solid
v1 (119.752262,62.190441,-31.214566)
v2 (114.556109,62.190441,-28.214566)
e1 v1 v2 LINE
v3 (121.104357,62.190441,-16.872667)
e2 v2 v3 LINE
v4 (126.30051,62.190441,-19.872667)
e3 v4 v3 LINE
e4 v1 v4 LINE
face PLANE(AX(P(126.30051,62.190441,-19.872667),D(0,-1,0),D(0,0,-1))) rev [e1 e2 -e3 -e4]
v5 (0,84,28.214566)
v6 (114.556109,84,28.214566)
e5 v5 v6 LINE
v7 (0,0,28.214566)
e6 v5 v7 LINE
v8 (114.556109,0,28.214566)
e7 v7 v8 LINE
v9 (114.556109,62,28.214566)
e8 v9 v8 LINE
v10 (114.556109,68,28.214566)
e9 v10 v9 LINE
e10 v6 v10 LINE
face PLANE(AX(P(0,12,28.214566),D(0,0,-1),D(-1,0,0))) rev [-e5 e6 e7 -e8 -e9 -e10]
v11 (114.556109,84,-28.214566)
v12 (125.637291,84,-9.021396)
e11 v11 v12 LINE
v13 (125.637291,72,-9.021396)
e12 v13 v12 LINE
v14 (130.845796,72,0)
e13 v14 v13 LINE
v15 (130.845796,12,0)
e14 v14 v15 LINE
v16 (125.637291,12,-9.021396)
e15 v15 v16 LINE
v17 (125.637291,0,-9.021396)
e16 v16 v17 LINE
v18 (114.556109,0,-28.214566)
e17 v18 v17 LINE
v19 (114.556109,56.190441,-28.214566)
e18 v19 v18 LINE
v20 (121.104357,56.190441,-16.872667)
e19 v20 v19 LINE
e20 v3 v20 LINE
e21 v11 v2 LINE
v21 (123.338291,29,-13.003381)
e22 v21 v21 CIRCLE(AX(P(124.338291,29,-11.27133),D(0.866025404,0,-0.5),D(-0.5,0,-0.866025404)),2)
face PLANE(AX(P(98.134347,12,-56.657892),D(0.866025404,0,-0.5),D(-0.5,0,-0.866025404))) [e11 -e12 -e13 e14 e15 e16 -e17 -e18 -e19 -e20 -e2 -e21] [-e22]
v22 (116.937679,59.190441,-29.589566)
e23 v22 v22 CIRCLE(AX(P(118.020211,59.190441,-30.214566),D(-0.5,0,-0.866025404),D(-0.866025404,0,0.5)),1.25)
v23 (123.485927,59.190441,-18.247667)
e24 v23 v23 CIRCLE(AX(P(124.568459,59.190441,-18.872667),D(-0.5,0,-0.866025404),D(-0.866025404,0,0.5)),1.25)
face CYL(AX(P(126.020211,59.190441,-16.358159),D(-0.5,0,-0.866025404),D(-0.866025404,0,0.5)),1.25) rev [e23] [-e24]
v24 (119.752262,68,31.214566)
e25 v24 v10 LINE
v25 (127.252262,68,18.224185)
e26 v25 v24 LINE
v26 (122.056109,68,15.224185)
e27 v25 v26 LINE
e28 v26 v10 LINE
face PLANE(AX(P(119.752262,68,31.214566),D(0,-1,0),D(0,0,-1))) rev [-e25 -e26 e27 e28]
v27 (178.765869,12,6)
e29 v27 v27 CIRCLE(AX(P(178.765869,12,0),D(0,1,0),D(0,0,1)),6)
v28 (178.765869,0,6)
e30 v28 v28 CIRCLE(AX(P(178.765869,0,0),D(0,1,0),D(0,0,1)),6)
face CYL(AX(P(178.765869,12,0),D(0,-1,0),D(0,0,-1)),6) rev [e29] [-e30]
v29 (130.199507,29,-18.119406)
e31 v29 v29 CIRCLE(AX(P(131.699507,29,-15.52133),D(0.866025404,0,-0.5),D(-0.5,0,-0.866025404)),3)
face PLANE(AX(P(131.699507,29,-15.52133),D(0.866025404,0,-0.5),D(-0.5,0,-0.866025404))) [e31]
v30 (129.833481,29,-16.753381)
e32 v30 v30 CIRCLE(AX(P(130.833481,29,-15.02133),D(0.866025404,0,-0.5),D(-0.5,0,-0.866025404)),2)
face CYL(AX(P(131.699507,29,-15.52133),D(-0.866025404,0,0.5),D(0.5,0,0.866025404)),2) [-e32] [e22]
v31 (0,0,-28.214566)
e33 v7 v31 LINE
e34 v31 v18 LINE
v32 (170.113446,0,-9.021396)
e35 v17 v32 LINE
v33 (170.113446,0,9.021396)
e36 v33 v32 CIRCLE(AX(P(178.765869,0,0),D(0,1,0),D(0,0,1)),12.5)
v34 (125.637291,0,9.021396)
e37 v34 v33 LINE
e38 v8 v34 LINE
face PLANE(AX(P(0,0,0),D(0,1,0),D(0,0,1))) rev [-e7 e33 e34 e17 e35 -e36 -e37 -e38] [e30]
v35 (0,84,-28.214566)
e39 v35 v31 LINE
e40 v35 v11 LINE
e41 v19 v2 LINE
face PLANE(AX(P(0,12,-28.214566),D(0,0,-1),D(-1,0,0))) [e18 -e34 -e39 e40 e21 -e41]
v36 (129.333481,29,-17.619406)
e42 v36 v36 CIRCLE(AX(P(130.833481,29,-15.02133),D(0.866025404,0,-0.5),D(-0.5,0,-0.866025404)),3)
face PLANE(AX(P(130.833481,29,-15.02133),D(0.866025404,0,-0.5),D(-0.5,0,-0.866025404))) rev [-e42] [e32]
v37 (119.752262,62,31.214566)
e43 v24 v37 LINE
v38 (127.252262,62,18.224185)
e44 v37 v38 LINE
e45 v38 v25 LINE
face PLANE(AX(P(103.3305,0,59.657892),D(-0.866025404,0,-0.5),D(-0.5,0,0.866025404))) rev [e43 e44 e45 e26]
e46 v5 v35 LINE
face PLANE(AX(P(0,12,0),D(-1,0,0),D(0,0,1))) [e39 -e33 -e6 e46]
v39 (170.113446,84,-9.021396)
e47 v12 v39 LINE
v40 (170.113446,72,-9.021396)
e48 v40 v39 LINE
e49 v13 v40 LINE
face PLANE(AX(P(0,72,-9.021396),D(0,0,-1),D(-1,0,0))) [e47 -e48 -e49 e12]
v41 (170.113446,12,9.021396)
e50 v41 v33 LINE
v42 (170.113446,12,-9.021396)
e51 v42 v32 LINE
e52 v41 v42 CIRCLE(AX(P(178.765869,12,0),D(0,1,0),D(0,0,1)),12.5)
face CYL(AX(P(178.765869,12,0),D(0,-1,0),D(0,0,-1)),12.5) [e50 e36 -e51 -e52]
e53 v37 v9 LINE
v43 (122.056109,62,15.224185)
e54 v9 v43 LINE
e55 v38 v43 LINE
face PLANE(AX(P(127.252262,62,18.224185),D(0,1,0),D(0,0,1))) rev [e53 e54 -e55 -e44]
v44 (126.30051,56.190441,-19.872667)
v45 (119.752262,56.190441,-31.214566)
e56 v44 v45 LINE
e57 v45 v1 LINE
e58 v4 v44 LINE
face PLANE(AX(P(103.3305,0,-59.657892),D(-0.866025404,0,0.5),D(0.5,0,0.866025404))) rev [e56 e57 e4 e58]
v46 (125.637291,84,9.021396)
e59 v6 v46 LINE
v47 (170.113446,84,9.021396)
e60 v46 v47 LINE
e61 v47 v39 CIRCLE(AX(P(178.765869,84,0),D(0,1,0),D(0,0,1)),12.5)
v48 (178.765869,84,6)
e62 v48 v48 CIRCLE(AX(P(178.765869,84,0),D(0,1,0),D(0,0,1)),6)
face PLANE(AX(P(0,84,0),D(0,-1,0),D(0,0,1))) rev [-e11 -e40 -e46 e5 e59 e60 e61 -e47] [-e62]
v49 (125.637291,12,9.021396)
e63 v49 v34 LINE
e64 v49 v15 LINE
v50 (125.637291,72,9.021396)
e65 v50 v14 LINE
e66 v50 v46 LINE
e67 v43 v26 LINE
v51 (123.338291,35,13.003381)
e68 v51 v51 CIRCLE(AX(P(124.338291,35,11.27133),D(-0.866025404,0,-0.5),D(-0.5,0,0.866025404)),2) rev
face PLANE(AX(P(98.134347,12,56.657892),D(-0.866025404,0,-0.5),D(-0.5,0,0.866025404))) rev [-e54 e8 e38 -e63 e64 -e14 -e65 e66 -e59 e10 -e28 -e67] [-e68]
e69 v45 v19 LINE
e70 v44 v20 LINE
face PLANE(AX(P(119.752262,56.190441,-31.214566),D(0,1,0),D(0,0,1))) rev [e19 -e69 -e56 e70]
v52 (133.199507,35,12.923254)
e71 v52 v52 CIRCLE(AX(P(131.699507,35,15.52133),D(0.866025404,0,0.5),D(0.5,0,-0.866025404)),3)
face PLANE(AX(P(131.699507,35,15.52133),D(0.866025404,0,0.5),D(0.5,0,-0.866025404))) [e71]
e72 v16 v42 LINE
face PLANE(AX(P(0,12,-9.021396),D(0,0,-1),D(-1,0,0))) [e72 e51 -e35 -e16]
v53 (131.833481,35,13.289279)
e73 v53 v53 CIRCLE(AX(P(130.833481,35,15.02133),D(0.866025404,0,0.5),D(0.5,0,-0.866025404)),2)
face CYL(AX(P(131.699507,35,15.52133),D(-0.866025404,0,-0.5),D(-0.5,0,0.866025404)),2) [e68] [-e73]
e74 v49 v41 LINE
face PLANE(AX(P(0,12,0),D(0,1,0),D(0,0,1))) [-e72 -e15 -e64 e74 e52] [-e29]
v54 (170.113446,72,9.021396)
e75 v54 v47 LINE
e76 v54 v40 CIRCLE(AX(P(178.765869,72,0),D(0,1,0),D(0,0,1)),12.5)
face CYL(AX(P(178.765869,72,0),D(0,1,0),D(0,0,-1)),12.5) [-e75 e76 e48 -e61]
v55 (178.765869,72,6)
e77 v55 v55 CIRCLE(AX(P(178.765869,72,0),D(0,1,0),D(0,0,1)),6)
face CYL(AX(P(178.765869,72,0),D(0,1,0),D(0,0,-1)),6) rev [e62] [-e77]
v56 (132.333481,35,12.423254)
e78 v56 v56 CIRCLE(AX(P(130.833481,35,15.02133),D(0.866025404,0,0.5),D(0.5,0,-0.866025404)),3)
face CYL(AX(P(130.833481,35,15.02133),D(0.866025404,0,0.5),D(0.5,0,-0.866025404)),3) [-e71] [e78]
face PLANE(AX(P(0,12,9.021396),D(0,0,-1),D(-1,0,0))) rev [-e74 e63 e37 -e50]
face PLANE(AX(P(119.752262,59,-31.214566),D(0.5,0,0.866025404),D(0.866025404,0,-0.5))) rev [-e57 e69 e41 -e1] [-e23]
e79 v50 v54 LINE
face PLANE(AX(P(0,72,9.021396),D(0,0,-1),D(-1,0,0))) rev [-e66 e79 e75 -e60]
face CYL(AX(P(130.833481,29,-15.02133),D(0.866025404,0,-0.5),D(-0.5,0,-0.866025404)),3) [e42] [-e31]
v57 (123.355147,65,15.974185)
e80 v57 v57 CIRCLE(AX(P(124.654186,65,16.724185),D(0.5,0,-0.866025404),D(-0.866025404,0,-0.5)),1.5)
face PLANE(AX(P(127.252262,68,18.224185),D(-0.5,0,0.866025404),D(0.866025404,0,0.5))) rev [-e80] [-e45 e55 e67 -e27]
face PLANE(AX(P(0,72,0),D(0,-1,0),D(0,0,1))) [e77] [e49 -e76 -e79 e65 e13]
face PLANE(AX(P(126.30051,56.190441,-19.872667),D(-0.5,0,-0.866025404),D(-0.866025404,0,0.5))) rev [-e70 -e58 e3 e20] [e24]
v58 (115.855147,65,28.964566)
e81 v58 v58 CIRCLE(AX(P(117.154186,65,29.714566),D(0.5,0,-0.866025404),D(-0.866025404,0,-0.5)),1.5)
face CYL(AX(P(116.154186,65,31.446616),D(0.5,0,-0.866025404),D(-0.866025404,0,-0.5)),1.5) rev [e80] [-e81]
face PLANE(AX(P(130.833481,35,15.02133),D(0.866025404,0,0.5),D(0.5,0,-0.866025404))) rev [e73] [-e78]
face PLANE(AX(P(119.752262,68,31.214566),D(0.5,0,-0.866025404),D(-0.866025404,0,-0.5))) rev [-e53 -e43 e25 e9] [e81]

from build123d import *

# Parameters (mm, degrees)
SKETCH4_R            = 6
BOSS_EXTRUDE2_DEPTH  = 12
BOSS_EXTRUDE3_DEPTH  = 30
SKETCH16_R           = 2
BOSS_EXTRUDE9_DEPTH  = 8.5
SKETCH17_R           = 2
BOSS_EXTRUDE10_DEPTH = 8.5
BOSS_EXTRUDE11_DEPTH = 6
SKETCH20_W           = 15
SKETCH20_H           = 6
BOSS_EXTRUDE12_DEPTH = 6
SKETCH22_R           = 3
BOSS_EXTRUDE13_DEPTH = 1
SKETCH23_R           = 3
BOSS_EXTRUDE14_DEPTH = 1
SKETCH27_R           = 1.25
CUT_EXTRUDE4_DEPTH   = 16
SKETCH28_R           = 1.5
CUT_EXTRUDE5_DEPTH   = 17


with BuildPart() as part:
    # Sketch4 → Boss-Extrude2 (new body)
    with BuildSketch(Plane(origin=(0, 0, 0), x_dir=(1, 0, 0), z_dir=(0, 1, 0))):
        with BuildLine():
            Line((0, 28.214565602), (0, -28.214565602))
            Line((0, -28.214565602), (114.556109318, -28.214565602))
            Line((114.556109318, -28.214565602), (125.637290842, -9.021396193))
            Line((125.637290842, -9.021396193), (170.11344646, -9.021396193))
            ThreePointArc((170.11344646, -9.021396193), (191.265868706, 0), (170.11344646, 9.021396193))
            Line((170.11344646, 9.021396193), (125.637290842, 9.021396193))
            Line((125.637290842, 9.021396193), (114.556109318, 28.214565602))
            Line((114.556109318, 28.214565602), (0, 28.214565602))
        make_face()
        with Locations((178.765868706, 0)):
            Circle(SKETCH4_R, mode=Mode.SUBTRACT)
    extrude(amount=BOSS_EXTRUDE2_DEPTH)

    # Sketch6 → Boss-Extrude3 (add)
    with BuildSketch(Plane(origin=(0, 12, 0), x_dir=(1, 0, 0), z_dir=(0, 1, 0))):
        Polygon((0, 0), (0, 28.214565602), (114.556109318, 28.214565602), (125.637290842, 9.021396193), (130.845796363, 0), (114.556109318, -28.214565602), (0, -28.214565602), align=None)
    extrude(amount=BOSS_EXTRUDE3_DEPTH)

    # Mirror5: part across plane


with BuildPart() as part_1:
    add(part.part)
    add(part.part.mirror(Plane(origin=(0, 42, 0), x_dir=(0, 0, 1), z_dir=(0, -1, 0))))

    # Sketch16 → Boss-Extrude9 (add)
    with BuildSketch(Plane(origin=(98.134347272, 0, -56.657891814), x_dir=(-0.5, 0, -0.866025404), z_dir=(0.866025404, 0, -0.5))):
        with Locations((-52.407887359, 29)):
            Circle(SKETCH16_R)
    extrude(amount=BOSS_EXTRUDE9_DEPTH)

    # Sketch17 → Boss-Extrude10 (add)
    with BuildSketch(Plane(origin=(98.134347272, 0, 56.657891814), x_dir=(0.5, 0, -0.866025404), z_dir=(0.866025404, 0, 0.5))):
        with Locations((52.407887359, 35)):
            Circle(SKETCH17_R)
    extrude(amount=BOSS_EXTRUDE10_DEPTH)

    # Sketch18 → Boss-Extrude11 (add)
    with BuildSketch(Plane(origin=(98.134347272, 0, -56.657891814), x_dir=(-0.5, 0, -0.866025404), z_dir=(0.866025404, 0, -0.5))):
        Polygon((-32.843524091, 59), (-32.843524091, 56.190441435), (-45.940020371, 56.190441435), (-45.940020371, 62.190441435), (-32.843524091, 62.190441435), align=None)
    extrude(amount=BOSS_EXTRUDE11_DEPTH)

    # Sketch20 → Boss-Extrude12 (add)
    with BuildSketch(Plane(origin=(98.134347272, 0, 56.657891814), x_dir=(0.5, 0, -0.866025404), z_dir=(0.866025404, 0, 0.5))):
        with Locations((40.343524091, 65)):
            Rectangle(SKETCH20_W, SKETCH20_H)
    extrude(amount=BOSS_EXTRUDE12_DEPTH)

    # Sketch22 → Boss-Extrude13 (add)
    with BuildSketch(Plane(origin=(105.495563204, 0, -60.907891814), x_dir=(-0.5, 0, -0.866025404), z_dir=(0.866025404, 0, -0.5))):
        with Locations((-52.407887359, 29)):
            Circle(SKETCH22_R)
    extrude(amount=-BOSS_EXTRUDE13_DEPTH)

    # Sketch23 → Boss-Extrude14 (add)
    with BuildSketch(Plane(origin=(105.495563204, 0, 60.907891814), x_dir=(0.5, 0, -0.866025404), z_dir=(0.866025404, 0, 0.5))):
        with Locations((52.407887359, 35)):
            Circle(SKETCH23_R)
    extrude(amount=-BOSS_EXTRUDE14_DEPTH)

    # Sketch27 → Cut-Extrude4 (cut)
    with BuildSketch(Plane(origin=(16.421762045, 0, 28.443326212), x_dir=(-0.866025404, 0, 0.5), z_dir=(-0.5, 0, -0.866025404))):
        with Locations((-117.315783629, 59.190441435)):
            Circle(SKETCH27_R)
    extrude(amount=-CUT_EXTRUDE4_DEPTH, mode=Mode.SUBTRACT)

    # Sketch28 → Cut-Extrude5 (cut)
    with BuildSketch(Plane(origin=(23.921762045, 0, -41.433707269), x_dir=(-0.866025404, 0, -0.5), z_dir=(0.5, 0, -0.866025404))):
        with Locations((-116.315783629, 65)):
            Circle(SKETCH28_R)
    extrude(amount=-CUT_EXTRUDE5_DEPTH, mode=Mode.SUBTRACT)


solid = part_1.part
